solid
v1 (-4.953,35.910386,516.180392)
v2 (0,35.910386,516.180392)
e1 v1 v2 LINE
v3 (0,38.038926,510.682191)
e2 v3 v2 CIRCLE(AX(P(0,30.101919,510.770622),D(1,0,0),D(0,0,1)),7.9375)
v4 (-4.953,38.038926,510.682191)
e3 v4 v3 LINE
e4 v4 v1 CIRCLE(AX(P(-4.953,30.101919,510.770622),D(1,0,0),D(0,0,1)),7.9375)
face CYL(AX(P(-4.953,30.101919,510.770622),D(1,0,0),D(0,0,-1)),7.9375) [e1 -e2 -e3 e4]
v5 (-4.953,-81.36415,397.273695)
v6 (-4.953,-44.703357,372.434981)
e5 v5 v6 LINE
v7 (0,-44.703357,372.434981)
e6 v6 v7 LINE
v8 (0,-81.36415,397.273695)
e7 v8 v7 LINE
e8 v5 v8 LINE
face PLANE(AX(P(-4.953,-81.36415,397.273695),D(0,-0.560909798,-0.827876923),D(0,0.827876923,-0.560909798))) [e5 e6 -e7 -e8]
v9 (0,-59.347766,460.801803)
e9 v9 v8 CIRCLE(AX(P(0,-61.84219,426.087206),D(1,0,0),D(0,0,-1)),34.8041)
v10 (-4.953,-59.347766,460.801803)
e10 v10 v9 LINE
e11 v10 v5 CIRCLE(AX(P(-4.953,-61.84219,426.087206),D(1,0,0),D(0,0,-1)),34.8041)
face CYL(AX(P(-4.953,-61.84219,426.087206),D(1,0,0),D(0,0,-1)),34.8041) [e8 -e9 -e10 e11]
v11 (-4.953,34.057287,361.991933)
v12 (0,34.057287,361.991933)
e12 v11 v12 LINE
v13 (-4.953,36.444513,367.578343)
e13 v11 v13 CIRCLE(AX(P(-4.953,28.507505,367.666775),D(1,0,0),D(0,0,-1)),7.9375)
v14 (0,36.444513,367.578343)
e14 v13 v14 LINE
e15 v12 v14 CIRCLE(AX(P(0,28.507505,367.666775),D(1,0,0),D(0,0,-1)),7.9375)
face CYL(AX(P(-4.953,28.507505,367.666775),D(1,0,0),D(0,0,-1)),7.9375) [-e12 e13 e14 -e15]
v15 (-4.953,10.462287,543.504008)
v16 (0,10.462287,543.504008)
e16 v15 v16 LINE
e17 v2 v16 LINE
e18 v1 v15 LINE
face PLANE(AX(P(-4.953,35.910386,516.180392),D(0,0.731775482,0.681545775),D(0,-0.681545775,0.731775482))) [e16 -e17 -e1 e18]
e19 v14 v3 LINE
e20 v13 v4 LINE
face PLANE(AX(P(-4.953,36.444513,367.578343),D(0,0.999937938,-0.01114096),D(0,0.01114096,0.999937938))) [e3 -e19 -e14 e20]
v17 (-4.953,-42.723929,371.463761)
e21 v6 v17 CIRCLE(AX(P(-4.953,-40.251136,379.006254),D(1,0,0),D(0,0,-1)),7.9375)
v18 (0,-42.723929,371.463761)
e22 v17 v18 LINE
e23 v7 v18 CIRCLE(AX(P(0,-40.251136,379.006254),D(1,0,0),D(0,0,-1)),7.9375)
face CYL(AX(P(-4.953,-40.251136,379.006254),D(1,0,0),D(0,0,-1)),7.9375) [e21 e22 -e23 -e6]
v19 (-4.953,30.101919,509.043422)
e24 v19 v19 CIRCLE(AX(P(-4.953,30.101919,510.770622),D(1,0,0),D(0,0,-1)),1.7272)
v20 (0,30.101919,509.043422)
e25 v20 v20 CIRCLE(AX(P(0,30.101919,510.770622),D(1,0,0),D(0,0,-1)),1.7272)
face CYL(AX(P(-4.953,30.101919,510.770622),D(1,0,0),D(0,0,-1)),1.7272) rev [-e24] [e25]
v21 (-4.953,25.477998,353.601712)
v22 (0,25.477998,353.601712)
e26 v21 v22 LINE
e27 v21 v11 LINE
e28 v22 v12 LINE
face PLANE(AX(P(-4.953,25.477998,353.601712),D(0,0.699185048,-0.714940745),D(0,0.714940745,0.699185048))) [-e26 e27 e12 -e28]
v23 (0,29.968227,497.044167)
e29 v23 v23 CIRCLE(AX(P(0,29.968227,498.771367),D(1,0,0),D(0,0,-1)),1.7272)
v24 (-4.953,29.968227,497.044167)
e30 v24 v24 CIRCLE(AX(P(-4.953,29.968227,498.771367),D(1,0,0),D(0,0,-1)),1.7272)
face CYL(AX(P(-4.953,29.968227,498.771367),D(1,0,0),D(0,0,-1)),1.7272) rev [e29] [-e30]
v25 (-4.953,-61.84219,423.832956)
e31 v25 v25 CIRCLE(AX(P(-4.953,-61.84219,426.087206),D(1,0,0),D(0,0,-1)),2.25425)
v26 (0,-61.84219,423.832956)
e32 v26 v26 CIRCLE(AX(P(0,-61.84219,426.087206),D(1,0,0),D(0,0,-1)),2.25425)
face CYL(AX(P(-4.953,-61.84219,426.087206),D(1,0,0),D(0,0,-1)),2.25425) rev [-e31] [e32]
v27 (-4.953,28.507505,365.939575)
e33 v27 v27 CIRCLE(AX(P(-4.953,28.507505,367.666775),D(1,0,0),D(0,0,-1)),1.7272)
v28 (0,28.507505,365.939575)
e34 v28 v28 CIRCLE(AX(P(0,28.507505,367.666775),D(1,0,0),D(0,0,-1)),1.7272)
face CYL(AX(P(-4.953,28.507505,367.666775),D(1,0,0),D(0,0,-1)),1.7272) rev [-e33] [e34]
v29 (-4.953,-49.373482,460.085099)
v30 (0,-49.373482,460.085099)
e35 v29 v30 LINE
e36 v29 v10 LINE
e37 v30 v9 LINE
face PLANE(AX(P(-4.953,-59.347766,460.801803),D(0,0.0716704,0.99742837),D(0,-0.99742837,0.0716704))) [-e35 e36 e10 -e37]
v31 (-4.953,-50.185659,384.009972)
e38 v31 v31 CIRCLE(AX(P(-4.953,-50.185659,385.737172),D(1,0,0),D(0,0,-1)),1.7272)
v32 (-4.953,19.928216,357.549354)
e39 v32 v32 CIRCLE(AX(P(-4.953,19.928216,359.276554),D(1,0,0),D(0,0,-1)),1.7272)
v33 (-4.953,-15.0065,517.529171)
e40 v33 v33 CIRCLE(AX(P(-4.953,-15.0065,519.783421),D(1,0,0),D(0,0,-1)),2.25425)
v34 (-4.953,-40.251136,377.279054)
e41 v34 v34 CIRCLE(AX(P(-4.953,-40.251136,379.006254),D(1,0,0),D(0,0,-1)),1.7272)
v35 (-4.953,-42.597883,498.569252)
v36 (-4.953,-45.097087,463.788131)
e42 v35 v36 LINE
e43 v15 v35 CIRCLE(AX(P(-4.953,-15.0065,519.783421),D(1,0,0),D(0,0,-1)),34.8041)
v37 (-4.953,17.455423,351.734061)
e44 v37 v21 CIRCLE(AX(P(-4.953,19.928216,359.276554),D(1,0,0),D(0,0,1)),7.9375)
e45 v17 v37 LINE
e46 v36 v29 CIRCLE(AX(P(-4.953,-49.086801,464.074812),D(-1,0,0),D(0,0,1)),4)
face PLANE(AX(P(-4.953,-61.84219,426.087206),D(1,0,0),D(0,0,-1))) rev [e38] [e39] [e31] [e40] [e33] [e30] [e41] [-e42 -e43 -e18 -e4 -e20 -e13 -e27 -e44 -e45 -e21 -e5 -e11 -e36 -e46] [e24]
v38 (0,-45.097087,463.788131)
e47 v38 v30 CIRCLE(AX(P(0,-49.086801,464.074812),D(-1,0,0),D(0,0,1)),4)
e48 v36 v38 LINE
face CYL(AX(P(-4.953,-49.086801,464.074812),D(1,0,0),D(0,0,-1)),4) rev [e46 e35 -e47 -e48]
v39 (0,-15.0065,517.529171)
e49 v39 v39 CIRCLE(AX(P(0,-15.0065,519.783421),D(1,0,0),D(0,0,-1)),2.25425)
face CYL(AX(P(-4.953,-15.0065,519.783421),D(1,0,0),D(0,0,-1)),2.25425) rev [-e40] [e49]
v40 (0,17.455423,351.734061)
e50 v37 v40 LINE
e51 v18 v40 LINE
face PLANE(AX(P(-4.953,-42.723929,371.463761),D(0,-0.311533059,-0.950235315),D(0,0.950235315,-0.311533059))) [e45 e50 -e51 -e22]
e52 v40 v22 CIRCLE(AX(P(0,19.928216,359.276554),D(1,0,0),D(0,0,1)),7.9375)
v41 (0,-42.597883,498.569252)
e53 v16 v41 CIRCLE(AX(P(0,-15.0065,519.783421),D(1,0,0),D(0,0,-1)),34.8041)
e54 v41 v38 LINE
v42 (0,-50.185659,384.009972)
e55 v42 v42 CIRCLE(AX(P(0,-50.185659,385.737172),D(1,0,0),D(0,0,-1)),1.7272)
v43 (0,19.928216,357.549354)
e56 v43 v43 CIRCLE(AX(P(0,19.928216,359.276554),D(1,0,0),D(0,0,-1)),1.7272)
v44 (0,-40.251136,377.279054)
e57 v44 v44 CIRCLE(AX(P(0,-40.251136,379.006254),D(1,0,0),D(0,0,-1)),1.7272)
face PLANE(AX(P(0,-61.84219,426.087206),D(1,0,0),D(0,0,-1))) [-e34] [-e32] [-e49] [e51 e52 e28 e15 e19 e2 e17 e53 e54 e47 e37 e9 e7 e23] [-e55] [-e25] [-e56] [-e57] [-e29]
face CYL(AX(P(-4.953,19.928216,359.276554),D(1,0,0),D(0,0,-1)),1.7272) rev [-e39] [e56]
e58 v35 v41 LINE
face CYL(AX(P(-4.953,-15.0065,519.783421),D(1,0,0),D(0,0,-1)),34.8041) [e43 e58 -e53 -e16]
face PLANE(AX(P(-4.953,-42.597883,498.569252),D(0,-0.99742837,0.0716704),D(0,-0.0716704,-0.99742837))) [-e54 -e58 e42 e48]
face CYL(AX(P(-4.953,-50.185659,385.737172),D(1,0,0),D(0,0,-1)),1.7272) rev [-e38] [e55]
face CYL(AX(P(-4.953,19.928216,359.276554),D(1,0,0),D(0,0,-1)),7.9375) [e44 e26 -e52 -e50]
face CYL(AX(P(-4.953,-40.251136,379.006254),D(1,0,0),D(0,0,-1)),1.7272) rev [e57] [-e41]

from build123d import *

# Parameters (mm, degrees)
SKETCH1_R           = 1.7272
SKETCH1_R_2         = 2.25425
BOSS_EXTRUDE1_DEPTH = 4.953


with BuildPart() as part:
    # Sketch1 → Boss-Extrude1 (new body)
    with BuildSketch(Plane(origin=(0, 0, 0), x_dir=(0, 0, -1), z_dir=(1, 0, 0))):
        with BuildLine():
            Line((-353.601711985, 25.477997798), (-361.991932565, 34.057286733))
            ThreePointArc((-361.991932565, 34.057286733), (-364.547713568, 35.80650286), (-367.578343358, 36.444512791))
            Line((-367.578343358, 36.444512791), (-510.682190934, 38.038925927))
            ThreePointArc((-510.682190934, 38.038925927), (-513.636251412, 37.504085531), (-516.180391889, 35.910386439))
            Line((-516.180391889, 35.910386439), (-543.504008498, 10.46228671))
            ThreePointArc((-543.504008498, 10.46228671), (-546.343088738, -37.498931011), (-498.569252083, -42.597883175))
            Line((-498.569252083, -42.597883175), (-463.788130796, -45.097087093))
            ThreePointArc((-463.788130796, -45.097087093), (-461.050944436, -46.468361622), (-460.085098917, -49.373482176))
            Line((-460.085098917, -49.373482176), (-460.801802922, -59.347765878))
            ThreePointArc((-460.801802922, -59.347765878), (-437.483960059, -94.727435258), (-397.273694981, -81.364150349))
            Line((-397.273694981, -81.364150349), (-372.43498101, -44.703357168))
            ThreePointArc((-372.43498101, -44.703357168), (-371.88030639, -43.747530325), (-371.463761272, -42.723929302))
            Line((-371.463761272, -42.723929302), (-351.734061333, 17.455422825))
            ThreePointArc((-351.734061333, 17.455422825), (-351.545777131, 21.727936738), (-353.601711985, 25.477997798))
        make_face()
        with Locations((-359.276554144, 19.928216477)):
            Circle(SKETCH1_R, mode=Mode.SUBTRACT)
        with Locations((-367.666774725, 28.507505411)):
            Circle(SKETCH1_R, mode=Mode.SUBTRACT)
        with Locations((-510.7706223, 30.101918548)):
            Circle(SKETCH1_R, mode=Mode.SUBTRACT)
        with Locations((-379.006254083, -40.251135649)):
            Circle(SKETCH1_R, mode=Mode.SUBTRACT)
        with Locations((-426.087206182, -61.842189663)):
            Circle(SKETCH1_R_2, mode=Mode.SUBTRACT)
        with Locations((-519.783421193, -15.006500358)):
            Circle(SKETCH1_R_2, mode=Mode.SUBTRACT)
        with Locations((-385.737171654, -50.185658721)):
            Circle(SKETCH1_R, mode=Mode.SUBTRACT)
        with Locations((-498.771367049, 29.968227033)):
            Circle(SKETCH1_R, mode=Mode.SUBTRACT)
    extrude(amount=-BOSS_EXTRUDE1_DEPTH)


solid = part.part
